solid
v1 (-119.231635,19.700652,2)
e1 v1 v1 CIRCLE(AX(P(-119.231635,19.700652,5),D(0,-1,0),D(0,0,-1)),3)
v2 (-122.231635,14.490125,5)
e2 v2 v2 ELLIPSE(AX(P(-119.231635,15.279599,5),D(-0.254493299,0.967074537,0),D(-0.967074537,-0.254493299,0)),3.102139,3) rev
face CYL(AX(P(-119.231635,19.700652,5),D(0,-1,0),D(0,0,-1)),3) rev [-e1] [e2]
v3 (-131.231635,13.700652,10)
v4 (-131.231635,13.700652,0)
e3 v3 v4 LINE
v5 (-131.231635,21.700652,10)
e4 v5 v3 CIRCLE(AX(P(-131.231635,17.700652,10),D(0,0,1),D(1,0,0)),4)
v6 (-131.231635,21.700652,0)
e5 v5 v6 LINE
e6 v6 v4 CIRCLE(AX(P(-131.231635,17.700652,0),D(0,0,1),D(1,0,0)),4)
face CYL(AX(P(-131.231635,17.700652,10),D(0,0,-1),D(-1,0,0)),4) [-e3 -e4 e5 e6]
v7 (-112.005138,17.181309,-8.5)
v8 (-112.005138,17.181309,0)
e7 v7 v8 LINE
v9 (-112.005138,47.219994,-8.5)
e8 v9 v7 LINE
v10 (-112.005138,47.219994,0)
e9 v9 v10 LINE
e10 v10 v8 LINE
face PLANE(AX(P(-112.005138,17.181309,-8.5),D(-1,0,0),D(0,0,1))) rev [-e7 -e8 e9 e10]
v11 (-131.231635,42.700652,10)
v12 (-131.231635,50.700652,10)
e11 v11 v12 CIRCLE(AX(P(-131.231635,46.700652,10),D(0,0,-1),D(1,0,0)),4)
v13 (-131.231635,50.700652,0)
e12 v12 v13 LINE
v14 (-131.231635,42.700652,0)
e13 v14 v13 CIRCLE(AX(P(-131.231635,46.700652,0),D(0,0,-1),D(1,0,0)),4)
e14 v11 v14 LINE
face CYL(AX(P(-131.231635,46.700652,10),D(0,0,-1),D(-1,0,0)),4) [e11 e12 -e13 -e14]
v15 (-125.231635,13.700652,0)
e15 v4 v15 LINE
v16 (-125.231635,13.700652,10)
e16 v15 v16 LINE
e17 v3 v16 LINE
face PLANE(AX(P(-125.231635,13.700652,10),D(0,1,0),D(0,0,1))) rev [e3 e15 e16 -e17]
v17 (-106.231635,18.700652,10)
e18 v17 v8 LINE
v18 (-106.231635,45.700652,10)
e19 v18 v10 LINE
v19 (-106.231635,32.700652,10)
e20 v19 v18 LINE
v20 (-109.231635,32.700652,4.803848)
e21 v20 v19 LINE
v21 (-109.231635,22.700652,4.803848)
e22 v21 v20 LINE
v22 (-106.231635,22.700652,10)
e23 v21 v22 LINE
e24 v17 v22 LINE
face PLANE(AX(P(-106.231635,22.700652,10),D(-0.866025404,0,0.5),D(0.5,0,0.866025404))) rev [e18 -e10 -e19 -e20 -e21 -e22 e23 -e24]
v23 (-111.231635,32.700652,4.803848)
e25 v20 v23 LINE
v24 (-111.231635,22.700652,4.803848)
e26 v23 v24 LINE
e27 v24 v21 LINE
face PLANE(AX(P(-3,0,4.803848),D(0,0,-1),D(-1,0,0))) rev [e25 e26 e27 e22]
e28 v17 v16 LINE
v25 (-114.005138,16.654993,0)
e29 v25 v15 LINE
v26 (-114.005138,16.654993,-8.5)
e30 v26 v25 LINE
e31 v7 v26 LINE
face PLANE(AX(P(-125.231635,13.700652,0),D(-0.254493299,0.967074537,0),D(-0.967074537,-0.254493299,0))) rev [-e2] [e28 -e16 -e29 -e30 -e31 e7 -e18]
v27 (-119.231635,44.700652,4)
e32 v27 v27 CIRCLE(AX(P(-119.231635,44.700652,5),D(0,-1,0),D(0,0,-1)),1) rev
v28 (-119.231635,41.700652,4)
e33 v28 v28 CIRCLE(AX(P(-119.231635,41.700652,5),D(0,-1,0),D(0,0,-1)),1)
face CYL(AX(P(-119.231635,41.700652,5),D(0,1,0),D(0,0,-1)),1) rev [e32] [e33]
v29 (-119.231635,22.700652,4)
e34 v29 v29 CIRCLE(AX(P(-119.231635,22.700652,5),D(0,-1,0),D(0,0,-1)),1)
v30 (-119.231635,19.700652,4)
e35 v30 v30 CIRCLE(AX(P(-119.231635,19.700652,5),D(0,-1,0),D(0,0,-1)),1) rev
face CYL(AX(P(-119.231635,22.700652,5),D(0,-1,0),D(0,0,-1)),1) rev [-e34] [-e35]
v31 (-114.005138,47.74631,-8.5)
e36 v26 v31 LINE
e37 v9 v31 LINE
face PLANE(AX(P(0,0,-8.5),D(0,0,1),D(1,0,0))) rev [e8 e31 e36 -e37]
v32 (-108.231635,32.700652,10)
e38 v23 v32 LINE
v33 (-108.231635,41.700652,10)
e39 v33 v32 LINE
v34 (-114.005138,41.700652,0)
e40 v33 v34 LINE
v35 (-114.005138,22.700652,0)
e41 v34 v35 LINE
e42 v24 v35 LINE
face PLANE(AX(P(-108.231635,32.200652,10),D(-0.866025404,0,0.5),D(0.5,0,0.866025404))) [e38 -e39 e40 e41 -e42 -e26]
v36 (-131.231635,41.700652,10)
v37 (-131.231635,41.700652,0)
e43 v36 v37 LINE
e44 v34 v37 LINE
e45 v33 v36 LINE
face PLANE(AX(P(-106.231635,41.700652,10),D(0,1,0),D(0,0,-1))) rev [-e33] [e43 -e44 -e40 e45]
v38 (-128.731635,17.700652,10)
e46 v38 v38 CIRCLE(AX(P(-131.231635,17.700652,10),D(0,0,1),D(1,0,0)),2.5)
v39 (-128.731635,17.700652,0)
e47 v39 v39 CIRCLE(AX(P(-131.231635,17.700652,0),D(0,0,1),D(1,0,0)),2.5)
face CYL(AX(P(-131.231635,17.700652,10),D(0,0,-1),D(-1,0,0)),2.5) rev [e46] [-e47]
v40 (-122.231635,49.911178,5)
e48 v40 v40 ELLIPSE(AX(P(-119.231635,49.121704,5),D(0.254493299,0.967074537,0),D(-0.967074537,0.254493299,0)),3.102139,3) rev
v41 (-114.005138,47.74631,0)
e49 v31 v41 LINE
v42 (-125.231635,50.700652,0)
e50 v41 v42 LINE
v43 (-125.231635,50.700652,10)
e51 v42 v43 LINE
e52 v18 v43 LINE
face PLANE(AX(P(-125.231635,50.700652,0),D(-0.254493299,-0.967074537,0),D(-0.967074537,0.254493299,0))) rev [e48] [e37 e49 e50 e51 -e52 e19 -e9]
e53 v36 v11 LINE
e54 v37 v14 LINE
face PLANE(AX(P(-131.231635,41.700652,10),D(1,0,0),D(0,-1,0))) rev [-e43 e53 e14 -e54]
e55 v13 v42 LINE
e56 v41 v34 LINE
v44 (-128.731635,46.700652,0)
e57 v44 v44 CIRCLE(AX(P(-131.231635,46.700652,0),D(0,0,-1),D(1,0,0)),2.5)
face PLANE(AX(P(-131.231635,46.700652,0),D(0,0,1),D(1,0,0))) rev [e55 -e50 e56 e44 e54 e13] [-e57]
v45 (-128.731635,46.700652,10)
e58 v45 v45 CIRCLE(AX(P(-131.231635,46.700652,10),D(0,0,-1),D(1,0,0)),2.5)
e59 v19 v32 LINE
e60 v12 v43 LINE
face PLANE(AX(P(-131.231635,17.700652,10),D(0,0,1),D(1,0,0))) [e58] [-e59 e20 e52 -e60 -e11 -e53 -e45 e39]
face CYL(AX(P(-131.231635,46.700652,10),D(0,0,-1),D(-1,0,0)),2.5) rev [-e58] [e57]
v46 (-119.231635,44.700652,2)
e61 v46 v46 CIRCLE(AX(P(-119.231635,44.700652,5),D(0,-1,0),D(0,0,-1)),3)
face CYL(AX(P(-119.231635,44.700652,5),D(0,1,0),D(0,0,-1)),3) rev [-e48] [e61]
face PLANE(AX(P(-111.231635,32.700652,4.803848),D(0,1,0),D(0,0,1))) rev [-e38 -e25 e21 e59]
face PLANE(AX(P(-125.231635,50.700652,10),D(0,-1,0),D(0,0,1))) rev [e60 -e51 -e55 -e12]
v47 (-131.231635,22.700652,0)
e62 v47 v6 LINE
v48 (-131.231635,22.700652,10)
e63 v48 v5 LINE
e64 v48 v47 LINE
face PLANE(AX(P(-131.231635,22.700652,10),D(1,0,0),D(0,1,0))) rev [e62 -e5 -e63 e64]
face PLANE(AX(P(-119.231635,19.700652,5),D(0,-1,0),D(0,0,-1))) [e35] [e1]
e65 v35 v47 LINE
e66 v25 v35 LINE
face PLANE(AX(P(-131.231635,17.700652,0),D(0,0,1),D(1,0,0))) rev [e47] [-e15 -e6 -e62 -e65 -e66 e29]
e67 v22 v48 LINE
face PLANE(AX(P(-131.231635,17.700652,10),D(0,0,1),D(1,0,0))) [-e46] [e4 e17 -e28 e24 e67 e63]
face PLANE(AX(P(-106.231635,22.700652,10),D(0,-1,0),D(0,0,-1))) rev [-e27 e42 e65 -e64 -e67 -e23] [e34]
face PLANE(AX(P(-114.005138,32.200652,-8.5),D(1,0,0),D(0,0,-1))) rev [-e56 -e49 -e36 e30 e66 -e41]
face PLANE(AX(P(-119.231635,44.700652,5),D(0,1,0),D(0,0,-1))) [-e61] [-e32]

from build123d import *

# Parameters (mm, degrees)
CROQUIS1_R              = 2.5
SALIENTE_EXTRUIR1_DEPTH = 10
CROQUIS2_R              = 1
CORTAR_EXTRUIR1_DEPTH   = 4
SALIENTE_EXTRUIR2_DEPTH = 13.5
CROQUIS4_R              = 3
CORTAR_EXTRUIR2_DEPTH   = 1
SALIENTE_EXTRUIR3_START = 5
CROQUIS6_R              = 3
SALIENTE_EXTRUIR3_DEPTH = 5
CORTAR_EXTRUIR3_DEPTH   = 10
SALIENTE_EXTRUIR4_DEPTH = 8.5
CROQUIS5_W              = 2
CROQUIS5_H              = 10
CORTAR_EXTRUIR4_DEPTH   = 6


with BuildPart() as part:
    # Croquis1 → Saliente-Extruir1 (new body)
    with BuildSketch(Plane.XY):
        with BuildLine():
            Line((-106.231635218, 22.700651543), (-131.231635218, 22.700651543))
            Line((-131.231635218, 22.700651543), (-131.231635218, 21.700651543))
            ThreePointArc((-131.231635218, 21.700651543), (-135.231635218, 17.700651543), (-131.231635218, 13.700651543))
            Line((-131.231635218, 13.700651543), (-125.231635218, 13.700651543))
            Line((-125.231635218, 13.700651543), (-125.231635218, 18.700651543))
            Line((-125.231635218, 18.700651543), (-106.231635218, 18.700651543))
            Line((-106.231635218, 18.700651543), (-106.231635218, 22.700651543))
        make_face()
        with Locations((-131.231635218, 17.700651543)):
            Circle(CROQUIS1_R, mode=Mode.SUBTRACT)
    extrude(amount=SALIENTE_EXTRUIR1_DEPTH)

    # Croquis2 → Cortar-Extruir1 (cut)
    with BuildSketch(Plane.XZ.offset(-18.700651543)):
        with Locations(Location((-119.231635218, 5, 0), (0, 0, 270))):
            Circle(CROQUIS2_R)
        Polygon((-106.231635218, 0), (-106.231635218, 10), (-112.00513791, 0), align=None)
    extrude(amount=-CORTAR_EXTRUIR1_DEPTH, mode=Mode.SUBTRACT)

    # Croquis3 → Saliente-Extruir2 (add)
    with BuildSketch(Plane.XZ.offset(-18.700651543)):
        Polygon((-106.231635218, 10), (-108.231635218, 10), (-114.00513791, 0), (-112.00513791, 0), align=None)
    extrude(amount=-SALIENTE_EXTRUIR2_DEPTH)

    # Croquis4 → Cortar-Extruir2 (cut)
    with BuildSketch(Plane.XZ.offset(-18.700651543)):
        with Locations(Location((-119.231635218, 5, 0), (0, 0, 270))):
            Circle(CROQUIS4_R)
    extrude(amount=-CORTAR_EXTRUIR2_DEPTH, mode=Mode.SUBTRACT)

    # Croquis6 → Saliente-Extruir3 (add)
    with BuildSketch(Plane.XZ.offset(-18.700651543).offset(SALIENTE_EXTRUIR3_START)):
        Polygon((-106.231635218, 10), (-125.231635218, 10), (-125.231635218, 0), (-112.00513791, 0), align=None)
        with Locations(Location((-119.231635218, 5, 0), (0, 0, 270))):
            Circle(CROQUIS6_R, mode=Mode.SUBTRACT)
    extrude(amount=-SALIENTE_EXTRUIR3_DEPTH)

    # Croquis7 → Cortar-Extruir3 (cut)
    with BuildSketch(Plane.XY.offset(10)):
        Polygon((-106.231635218, 18.700651543), (-106.231635218, 13.700651543), (-125.231635218, 13.700651543), align=None)
    extrude(amount=-CORTAR_EXTRUIR3_DEPTH, mode=Mode.SUBTRACT)

    # Croquis8 → Saliente-Extruir4 (add)
    with BuildSketch(Plane(origin=(0, 0, 0), x_dir=(-1, 0, 0), z_dir=(0, 0, -1))):
        Polygon((112.00513791, 17.181308729), (112.00513791, 32.200651543), (114.00513791, 32.200651543), (114.00513791, 16.65499294), align=None)
    extrude(amount=SALIENTE_EXTRUIR4_DEPTH)

    # Simetría1: part across plane


with BuildPart() as part_1:
    add(part.part)
    add(part.part.mirror(Plane(origin=(0, 32.200651543, 0), x_dir=(0, 0, 1), z_dir=(0, -1, 0))))

    # Croquis5 → Cortar-Extruir4 (cut, along a direction that is not the sketch's normal)
    with BuildSketch(Plane.XY.offset(10)):
        with Locations((-107.231635218, 27.700651543)):
            Rectangle(CROQUIS5_W, CROQUIS5_H)
    extrude(amount=-CORTAR_EXTRUIR4_DEPTH, dir=(0.49999999999999506, 0, 0.8660254037844416), mode=Mode.SUBTRACT)


solid = part_1.part
